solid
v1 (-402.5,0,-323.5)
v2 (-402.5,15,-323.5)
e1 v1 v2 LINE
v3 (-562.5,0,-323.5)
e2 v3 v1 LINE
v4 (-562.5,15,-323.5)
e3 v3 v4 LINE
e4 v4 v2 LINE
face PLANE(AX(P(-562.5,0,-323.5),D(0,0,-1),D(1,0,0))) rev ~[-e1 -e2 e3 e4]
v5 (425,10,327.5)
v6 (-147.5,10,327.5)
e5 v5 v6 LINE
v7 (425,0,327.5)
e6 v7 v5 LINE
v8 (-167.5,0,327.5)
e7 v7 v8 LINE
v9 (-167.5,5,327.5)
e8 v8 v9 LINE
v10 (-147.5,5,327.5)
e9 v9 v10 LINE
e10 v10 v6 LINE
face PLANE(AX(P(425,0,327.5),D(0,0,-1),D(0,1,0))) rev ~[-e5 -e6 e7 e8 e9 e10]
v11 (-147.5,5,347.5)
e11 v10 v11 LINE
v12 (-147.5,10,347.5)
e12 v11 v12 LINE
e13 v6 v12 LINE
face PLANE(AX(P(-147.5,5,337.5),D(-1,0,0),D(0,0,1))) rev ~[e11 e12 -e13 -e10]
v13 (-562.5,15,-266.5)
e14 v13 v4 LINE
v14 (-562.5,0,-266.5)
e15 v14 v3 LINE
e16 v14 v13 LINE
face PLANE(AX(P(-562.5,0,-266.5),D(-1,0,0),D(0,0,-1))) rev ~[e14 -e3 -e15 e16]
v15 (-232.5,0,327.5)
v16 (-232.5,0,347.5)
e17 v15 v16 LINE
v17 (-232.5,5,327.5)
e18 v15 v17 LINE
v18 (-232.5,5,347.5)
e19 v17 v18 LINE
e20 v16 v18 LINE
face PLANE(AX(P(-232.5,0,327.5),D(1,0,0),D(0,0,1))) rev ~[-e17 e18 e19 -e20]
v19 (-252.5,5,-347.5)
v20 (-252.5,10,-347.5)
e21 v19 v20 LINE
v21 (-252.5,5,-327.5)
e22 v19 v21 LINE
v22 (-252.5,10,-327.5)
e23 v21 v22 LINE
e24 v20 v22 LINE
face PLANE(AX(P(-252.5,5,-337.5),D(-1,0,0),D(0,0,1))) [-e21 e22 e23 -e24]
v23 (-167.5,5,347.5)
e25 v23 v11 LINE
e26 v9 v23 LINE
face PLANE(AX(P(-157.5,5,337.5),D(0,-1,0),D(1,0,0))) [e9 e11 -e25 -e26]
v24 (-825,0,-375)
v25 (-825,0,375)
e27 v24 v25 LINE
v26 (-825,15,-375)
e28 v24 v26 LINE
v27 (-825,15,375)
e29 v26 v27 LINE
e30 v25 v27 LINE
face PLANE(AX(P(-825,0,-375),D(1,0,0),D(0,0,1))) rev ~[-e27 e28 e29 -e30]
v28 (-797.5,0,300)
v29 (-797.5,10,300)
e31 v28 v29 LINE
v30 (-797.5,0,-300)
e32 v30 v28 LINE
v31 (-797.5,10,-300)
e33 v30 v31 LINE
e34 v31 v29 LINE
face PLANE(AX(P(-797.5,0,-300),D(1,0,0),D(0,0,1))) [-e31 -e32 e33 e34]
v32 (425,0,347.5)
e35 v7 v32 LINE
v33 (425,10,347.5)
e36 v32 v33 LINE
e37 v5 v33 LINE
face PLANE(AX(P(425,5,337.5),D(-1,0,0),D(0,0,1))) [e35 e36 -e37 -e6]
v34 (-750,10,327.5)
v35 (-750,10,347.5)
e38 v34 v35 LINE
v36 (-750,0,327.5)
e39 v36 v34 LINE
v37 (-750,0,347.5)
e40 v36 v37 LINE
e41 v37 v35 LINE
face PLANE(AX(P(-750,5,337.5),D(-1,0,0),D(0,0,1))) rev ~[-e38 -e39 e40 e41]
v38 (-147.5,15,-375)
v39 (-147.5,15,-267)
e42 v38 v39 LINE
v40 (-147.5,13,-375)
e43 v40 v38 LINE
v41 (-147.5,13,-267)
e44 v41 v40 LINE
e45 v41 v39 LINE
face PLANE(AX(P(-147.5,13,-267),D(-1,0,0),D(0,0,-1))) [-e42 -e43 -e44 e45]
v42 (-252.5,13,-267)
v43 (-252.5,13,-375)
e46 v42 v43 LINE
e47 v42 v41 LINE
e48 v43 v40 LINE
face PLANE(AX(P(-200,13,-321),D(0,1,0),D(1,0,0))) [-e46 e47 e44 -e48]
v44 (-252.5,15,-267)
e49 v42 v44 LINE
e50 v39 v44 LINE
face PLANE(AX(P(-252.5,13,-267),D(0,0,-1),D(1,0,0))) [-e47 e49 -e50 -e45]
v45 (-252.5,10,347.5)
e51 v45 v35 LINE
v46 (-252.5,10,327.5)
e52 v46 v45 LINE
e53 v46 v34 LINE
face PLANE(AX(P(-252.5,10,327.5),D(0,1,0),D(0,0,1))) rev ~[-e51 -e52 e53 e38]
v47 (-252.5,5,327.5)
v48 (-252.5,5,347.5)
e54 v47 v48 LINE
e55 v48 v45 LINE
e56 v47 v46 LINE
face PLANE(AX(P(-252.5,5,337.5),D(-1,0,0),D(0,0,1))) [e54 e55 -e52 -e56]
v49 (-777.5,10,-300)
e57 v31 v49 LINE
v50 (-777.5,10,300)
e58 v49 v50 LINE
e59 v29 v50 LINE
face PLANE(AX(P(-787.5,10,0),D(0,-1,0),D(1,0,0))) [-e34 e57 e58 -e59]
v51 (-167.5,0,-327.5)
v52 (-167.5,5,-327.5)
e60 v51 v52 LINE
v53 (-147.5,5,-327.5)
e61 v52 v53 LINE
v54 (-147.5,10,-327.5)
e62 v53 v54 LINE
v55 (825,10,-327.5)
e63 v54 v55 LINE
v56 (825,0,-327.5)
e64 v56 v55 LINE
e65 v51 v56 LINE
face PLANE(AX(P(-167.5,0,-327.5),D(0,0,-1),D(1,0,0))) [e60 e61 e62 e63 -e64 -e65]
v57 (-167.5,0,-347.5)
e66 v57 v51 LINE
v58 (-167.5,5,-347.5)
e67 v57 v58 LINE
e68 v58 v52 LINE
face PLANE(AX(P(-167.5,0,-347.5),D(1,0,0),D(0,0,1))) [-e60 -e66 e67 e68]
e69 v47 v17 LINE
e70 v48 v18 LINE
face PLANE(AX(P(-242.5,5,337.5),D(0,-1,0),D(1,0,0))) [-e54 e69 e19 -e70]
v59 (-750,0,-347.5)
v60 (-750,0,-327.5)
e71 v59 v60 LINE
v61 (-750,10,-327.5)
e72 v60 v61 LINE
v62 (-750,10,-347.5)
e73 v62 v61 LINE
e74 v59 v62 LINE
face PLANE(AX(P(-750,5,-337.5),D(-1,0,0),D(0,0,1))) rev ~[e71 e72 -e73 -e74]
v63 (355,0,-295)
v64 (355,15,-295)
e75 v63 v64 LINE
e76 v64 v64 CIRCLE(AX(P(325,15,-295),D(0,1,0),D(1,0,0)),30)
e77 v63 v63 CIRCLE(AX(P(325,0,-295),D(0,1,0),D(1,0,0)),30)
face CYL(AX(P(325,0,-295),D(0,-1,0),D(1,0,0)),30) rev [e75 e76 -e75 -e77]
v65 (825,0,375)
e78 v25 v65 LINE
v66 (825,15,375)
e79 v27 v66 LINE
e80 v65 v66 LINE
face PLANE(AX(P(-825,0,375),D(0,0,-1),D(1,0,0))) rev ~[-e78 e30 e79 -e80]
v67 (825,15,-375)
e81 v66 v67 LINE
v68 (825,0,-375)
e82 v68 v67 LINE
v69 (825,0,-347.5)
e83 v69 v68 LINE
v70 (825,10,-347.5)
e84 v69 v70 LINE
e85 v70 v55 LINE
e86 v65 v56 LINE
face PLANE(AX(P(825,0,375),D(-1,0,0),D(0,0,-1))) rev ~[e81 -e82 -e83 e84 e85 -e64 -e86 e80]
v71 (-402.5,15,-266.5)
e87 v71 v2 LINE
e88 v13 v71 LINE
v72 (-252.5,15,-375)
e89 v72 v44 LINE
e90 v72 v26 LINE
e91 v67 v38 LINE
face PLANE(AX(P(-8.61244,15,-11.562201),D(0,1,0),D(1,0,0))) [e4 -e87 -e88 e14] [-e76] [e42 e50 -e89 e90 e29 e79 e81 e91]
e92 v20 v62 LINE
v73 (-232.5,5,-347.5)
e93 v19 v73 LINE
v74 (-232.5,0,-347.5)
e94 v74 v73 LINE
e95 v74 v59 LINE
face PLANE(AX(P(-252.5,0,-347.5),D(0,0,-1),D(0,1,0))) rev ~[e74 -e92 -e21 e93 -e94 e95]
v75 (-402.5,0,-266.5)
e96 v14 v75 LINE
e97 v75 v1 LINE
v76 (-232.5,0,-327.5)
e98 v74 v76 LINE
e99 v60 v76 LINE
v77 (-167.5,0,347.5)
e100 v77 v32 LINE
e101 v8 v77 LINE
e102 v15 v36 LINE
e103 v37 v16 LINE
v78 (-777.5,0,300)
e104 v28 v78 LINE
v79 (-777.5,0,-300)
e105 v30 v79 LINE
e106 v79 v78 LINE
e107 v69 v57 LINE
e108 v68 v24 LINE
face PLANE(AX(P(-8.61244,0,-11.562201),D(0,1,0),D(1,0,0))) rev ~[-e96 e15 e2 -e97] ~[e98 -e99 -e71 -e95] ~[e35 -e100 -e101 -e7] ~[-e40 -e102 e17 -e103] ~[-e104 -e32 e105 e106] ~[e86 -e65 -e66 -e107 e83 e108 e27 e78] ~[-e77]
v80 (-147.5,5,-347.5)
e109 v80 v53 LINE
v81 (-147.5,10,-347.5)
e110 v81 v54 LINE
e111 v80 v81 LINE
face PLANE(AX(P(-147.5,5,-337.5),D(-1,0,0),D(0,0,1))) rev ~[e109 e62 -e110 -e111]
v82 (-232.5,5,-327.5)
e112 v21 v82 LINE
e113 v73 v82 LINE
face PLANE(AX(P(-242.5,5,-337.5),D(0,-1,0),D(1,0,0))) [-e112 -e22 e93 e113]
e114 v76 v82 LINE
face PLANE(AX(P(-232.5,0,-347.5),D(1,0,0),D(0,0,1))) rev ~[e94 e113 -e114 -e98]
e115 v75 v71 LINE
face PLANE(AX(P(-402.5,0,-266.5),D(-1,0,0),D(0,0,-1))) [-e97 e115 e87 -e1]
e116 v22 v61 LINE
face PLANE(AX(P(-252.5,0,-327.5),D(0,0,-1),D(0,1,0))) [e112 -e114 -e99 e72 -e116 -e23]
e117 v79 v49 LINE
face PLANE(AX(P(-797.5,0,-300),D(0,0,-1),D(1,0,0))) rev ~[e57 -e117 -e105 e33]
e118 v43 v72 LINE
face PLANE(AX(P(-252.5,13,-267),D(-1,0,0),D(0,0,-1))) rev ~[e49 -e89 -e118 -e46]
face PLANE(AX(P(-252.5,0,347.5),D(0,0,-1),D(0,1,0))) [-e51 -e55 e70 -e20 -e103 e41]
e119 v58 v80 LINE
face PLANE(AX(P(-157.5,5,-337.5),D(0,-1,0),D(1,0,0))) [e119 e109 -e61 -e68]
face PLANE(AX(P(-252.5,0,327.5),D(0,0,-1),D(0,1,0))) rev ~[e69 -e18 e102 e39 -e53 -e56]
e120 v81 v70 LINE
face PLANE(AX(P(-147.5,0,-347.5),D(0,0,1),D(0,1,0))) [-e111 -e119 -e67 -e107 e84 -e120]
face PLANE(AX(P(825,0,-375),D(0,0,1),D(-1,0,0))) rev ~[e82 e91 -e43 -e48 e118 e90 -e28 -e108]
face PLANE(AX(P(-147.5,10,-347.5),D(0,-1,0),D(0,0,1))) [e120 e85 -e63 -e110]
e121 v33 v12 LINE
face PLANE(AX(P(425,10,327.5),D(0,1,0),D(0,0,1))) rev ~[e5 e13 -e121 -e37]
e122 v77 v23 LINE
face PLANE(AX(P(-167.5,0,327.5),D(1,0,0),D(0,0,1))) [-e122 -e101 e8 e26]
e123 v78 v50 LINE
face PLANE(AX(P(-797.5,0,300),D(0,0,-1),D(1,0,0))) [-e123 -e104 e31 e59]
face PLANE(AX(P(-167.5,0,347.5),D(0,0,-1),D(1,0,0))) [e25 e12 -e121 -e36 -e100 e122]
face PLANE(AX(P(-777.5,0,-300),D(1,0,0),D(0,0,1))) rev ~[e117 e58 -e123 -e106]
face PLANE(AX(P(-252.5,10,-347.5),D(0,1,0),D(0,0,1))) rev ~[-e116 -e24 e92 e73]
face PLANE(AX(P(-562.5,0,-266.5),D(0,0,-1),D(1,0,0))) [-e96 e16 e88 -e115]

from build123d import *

# Parameters (mm, degrees)
SKETCH1_W           = 160
SKETCH1_H           = 57
SKETCH1_R           = 30
SKETCH1_W_2         = 105
SKETCH1_H_2         = 108
BOSS_EXTRUDE1_DEPTH = 15
CUT_EXTRUDE1_START  = -572.5
SKETCH2_W           = 20
SKETCH2_H           = 10
CUT_EXTRUDE1_DEPTH  = 497.5
CUT_EXTRUDE2_START  = -677.5
SKETCH2_3_W         = 20
SKETCH2_3_H         = 10
CUT_EXTRUDE2_DEPTH  = 973.5
CUT_EXTRUDE3_START  = 13
SKETCH1_3_W         = 105
SKETCH1_3_H         = 108
CUT_EXTRUDE3_DEPTH  = 3
CUT_EXTRUDE4_START  = -572.5
SKETCH2_4_W         = 20
SKETCH2_4_H         = 10
CUT_EXTRUDE4_DEPTH  = 497.5
CUT_EXTRUDE5_START  = -1250
SKETCH2_5_W         = 20
SKETCH2_5_H         = 10
CUT_EXTRUDE5_DEPTH  = 572.5
SKETCH4_W           = 20
SKETCH4_H           = 20
CUT_EXTRUDE6_DEPTH  = 5
SKETCH3_W           = 20
SKETCH3_H           = 600
CUT_EXTRUDE7_DEPTH  = 10


with BuildPart() as part:
    # Sketch1 → Boss-Extrude1 (new body)
    with BuildSketch(Plane(origin=(0, 0, 0), x_dir=(1, 0, 0), z_dir=(0, 1, 0))):
        Polygon((-825, 375), (-825, -375), (825, -375), (825, 375), (-147.5, 375), (-147.5, 267), (-252.5, 267), (-252.5, 375), align=None)
        with Locations((-482.5, 295)):
            Rectangle(SKETCH1_W, SKETCH1_H, mode=Mode.SUBTRACT)
        with Locations((325, 295)):
            Circle(SKETCH1_R, mode=Mode.SUBTRACT)
        with Locations((-200, 321)):
            Rectangle(SKETCH1_W_2, SKETCH1_H_2)
    extrude(amount=BOSS_EXTRUDE1_DEPTH)

    # Sketch2 → Cut-Extrude1 (cut)
    with BuildSketch(Plane.ZY.offset(825).offset(CUT_EXTRUDE1_START)):
        with Locations((-337.5, 5)):
            Rectangle(SKETCH2_W, SKETCH2_H)
    extrude(amount=CUT_EXTRUDE1_DEPTH, mode=Mode.SUBTRACT)

    # Sketch2<3> → Cut-Extrude2 (cut, through all)
    with BuildSketch(Plane.ZY.offset(825).offset(CUT_EXTRUDE2_START)):
        with Locations((-337.5, 5)):
            Rectangle(SKETCH2_3_W, SKETCH2_3_H)
    extrude(amount=-CUT_EXTRUDE2_DEPTH, mode=Mode.SUBTRACT)

    # Sketch1<3> → Cut-Extrude3 (cut, through all)
    with BuildSketch(Plane(origin=(0, 0, 0), x_dir=(1, 0, 0), z_dir=(0, 1, 0)).offset(CUT_EXTRUDE3_START)):
        with Locations((-200, 321)):
            Rectangle(SKETCH1_3_W, SKETCH1_3_H)
    extrude(amount=CUT_EXTRUDE3_DEPTH, mode=Mode.SUBTRACT)

    # Sketch2<4> → Cut-Extrude4 (cut)
    with BuildSketch(Plane.ZY.offset(825).offset(CUT_EXTRUDE4_START)):
        with Locations((337.5, 5)):
            Rectangle(SKETCH2_4_W, SKETCH2_4_H)
    extrude(amount=CUT_EXTRUDE4_DEPTH, mode=Mode.SUBTRACT)

    # Sketch2<5> → Cut-Extrude5 (cut)
    with BuildSketch(Plane.ZY.offset(825).offset(CUT_EXTRUDE5_START)):
        with Locations((337.5, 5)):
            Rectangle(SKETCH2_5_W, SKETCH2_5_H)
    extrude(amount=CUT_EXTRUDE5_DEPTH, mode=Mode.SUBTRACT)

    # Sketch4 → Cut-Extrude6 (cut)
    with BuildSketch(Plane.XZ):
        with Locations((-242.5, -337.5)):
            Rectangle(SKETCH4_W, SKETCH4_H)
        with Locations((-157.5, -337.5)):
            Rectangle(SKETCH4_W, SKETCH4_H)
        with Locations((-157.5, 337.5)):
            Rectangle(SKETCH4_W, SKETCH4_H)
        with Locations((-242.5, 337.5)):
            Rectangle(SKETCH4_W, SKETCH4_H)
    extrude(amount=-CUT_EXTRUDE6_DEPTH, mode=Mode.SUBTRACT)

    # Sketch3 → Cut-Extrude7 (cut)
    with BuildSketch(Plane.XZ):
        with Locations((-787.5, 0)):
            Rectangle(SKETCH3_W, SKETCH3_H)
    extrude(amount=-CUT_EXTRUDE7_DEPTH, mode=Mode.SUBTRACT)


solid = part.part
